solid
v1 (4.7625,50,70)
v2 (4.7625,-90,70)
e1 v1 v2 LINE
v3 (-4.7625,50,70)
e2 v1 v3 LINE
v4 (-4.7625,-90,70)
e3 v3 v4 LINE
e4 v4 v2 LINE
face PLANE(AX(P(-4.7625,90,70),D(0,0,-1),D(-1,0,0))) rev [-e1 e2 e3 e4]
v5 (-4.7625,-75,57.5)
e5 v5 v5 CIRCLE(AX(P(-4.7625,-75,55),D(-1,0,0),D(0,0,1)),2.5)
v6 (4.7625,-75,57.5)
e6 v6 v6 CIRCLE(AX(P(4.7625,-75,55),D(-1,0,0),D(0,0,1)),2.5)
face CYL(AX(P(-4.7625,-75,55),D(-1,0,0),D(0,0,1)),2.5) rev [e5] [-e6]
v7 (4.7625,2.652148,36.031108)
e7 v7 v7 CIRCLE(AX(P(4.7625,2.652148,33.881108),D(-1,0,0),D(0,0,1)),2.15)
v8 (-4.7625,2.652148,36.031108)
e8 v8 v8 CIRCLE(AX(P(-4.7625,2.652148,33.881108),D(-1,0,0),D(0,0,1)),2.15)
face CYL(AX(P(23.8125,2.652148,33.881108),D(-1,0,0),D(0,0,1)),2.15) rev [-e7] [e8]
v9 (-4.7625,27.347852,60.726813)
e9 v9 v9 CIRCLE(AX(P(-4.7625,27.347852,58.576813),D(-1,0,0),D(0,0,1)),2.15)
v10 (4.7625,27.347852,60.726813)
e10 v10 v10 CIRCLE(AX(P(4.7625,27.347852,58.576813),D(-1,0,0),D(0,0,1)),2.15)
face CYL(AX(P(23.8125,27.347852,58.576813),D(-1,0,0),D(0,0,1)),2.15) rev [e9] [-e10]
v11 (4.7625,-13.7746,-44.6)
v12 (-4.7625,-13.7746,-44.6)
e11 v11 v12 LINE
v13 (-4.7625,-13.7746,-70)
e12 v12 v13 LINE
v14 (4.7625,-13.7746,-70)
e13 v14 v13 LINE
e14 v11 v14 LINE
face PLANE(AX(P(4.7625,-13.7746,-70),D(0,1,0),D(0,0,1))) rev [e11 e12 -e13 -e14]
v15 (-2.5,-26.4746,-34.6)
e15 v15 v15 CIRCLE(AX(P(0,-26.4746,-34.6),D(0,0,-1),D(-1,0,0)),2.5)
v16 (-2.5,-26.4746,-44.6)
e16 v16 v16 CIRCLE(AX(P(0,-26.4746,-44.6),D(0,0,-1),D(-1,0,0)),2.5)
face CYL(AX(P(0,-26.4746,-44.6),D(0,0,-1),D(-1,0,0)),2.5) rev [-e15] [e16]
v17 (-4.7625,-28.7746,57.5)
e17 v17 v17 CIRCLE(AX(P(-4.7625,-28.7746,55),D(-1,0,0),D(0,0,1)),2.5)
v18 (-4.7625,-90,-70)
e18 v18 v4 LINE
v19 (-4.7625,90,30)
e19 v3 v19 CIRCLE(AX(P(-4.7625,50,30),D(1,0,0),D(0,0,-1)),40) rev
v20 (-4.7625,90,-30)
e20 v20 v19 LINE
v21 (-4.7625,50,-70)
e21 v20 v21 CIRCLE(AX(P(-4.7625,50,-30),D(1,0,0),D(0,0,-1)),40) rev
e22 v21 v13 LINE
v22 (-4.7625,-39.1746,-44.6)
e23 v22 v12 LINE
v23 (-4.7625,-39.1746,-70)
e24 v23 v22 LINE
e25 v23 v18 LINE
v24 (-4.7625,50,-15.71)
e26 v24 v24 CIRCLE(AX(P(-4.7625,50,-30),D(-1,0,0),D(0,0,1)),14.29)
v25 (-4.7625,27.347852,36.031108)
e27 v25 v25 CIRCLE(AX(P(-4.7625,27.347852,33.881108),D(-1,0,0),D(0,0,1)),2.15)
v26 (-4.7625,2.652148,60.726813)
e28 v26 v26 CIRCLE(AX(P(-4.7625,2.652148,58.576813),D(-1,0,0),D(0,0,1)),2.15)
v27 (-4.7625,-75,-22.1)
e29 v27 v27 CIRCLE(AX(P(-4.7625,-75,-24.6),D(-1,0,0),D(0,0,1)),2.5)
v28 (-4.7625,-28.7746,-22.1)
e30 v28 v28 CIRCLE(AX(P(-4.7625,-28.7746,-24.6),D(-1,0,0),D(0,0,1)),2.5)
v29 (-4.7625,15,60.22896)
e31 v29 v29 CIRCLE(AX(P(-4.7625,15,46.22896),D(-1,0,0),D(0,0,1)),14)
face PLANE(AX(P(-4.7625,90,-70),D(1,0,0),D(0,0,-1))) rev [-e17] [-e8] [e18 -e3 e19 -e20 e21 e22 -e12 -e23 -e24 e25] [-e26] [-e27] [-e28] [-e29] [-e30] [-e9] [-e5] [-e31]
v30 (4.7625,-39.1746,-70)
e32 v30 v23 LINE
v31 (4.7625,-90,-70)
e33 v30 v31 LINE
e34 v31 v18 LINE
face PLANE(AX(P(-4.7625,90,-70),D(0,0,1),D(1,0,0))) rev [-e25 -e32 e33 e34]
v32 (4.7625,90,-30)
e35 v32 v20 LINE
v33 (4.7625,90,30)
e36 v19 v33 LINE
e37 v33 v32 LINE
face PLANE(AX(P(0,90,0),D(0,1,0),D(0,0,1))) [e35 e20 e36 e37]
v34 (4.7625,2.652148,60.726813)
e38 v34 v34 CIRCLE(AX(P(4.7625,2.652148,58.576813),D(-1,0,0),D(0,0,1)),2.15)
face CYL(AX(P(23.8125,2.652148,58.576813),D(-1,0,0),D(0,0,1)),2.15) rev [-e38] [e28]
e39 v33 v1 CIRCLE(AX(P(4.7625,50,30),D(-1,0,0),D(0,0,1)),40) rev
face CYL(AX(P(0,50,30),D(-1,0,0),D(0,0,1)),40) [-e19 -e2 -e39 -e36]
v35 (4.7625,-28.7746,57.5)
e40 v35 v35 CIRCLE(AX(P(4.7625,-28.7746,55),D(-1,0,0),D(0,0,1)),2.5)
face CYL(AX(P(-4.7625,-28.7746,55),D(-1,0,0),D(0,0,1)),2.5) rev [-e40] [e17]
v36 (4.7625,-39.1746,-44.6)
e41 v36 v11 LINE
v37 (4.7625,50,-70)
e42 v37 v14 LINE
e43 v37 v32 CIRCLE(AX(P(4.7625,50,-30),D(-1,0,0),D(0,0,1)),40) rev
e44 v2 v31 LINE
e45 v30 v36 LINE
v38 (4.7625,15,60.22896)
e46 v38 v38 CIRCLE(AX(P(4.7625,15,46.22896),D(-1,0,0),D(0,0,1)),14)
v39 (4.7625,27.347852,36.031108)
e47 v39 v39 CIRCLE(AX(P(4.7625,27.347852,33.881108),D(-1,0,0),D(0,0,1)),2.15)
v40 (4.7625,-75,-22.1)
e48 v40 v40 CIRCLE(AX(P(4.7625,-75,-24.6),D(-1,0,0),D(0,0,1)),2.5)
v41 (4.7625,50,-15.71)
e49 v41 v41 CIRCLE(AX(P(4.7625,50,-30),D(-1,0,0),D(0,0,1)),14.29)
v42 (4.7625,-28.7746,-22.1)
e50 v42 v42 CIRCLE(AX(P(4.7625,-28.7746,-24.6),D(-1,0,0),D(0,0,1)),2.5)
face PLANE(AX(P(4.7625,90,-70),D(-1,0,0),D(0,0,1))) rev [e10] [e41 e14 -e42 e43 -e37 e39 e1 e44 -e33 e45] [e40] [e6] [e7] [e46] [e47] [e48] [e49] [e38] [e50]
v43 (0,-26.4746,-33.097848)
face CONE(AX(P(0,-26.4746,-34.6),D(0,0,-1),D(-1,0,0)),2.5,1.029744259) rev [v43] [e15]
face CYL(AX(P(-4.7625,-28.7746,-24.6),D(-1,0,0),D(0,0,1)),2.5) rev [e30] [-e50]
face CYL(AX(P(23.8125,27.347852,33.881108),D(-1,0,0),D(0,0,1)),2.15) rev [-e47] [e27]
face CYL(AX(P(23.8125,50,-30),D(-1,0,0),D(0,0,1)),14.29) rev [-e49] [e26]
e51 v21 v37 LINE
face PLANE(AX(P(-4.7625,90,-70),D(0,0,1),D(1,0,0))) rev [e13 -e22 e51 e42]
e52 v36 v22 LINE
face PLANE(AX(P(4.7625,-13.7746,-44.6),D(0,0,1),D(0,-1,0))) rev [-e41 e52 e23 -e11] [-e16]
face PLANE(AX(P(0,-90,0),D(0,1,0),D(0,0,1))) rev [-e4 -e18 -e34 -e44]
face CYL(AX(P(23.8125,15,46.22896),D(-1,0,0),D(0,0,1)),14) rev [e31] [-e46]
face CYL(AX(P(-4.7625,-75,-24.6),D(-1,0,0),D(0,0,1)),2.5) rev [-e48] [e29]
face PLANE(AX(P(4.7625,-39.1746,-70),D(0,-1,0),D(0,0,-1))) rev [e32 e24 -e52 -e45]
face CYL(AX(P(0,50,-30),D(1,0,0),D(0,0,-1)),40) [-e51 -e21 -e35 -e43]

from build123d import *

# Parameters (mm, degrees)
SKETCH1_W             = 9.525
SKETCH1_H             = 140
BOSS_EXTRUDE1_DEPTH   = 90
SKETCH3_R             = 14.29
SKETCH3_R_2           = 2.15
SKETCH3_R_3           = 14
CUT_EXTRUDE2_DEPTH    = 28.575
SKETCH5_W             = 25.4
SKETCH5_H             = 25.4
CUT_EXTRUDE4_DEPTH    = 10.525
M6_TAPPED_HOLE1_D     = 5
M6_TAPPED_HOLE1_DEPTH = 10
M6_TAPPED_HOLE1_TIP   = 1.502151548
M6_TAPPED_HOLE2_D     = 5
FILLET1_R             = 40


with BuildPart() as part:
    # Sketch1 → Boss-Extrude1 (new body, symmetric)
    with BuildSketch(Plane(origin=(0, 0, 0), x_dir=(1, 0, 0), z_dir=(0, 1, 0))):
        Rectangle(SKETCH1_W, SKETCH1_H)
    extrude(amount=BOSS_EXTRUDE1_DEPTH, both=True)

    # Sketch3 → Cut-Extrude2 (cut)
    with BuildSketch(Plane.ZY.offset(4.7625)):
        with Locations((-30, 50)):
            Circle(SKETCH3_R)
        with Locations((33.881108209, 27.347852166)):
            Circle(SKETCH3_R_2)
        with Locations((58.576812542, 27.347852166)):
            Circle(SKETCH3_R_2)
        with Locations((33.881108209, 2.652147834)):
            Circle(SKETCH3_R_2)
        with Locations((58.576812542, 2.652147834)):
            Circle(SKETCH3_R_2)
        with Locations((46.228960376, 15)):
            Circle(SKETCH3_R_3)
    extrude(amount=-CUT_EXTRUDE2_DEPTH, mode=Mode.SUBTRACT)

    # Sketch5 → Cut-Extrude4 (cut, through all)
    with BuildSketch(Plane.ZY.offset(4.7625)):
        with Locations((-57.3, -26.4746)):
            Rectangle(SKETCH5_W, SKETCH5_H)
    extrude(amount=-CUT_EXTRUDE4_DEPTH, mode=Mode.SUBTRACT)

    # M6 Tapped Hole1
    with Locations(Plane(origin=(0, 0, -44.6), x_dir=(-1, 0, 0), z_dir=(0, 0, -1))):
        with Locations((0, -26.4746)):
            Hole(M6_TAPPED_HOLE1_D / 2, depth=M6_TAPPED_HOLE1_DEPTH)
            with Locations((0, 0, -(M6_TAPPED_HOLE1_DEPTH + M6_TAPPED_HOLE1_TIP / 2))):  # 118° drill point
                Cone(0, M6_TAPPED_HOLE1_D / 2, M6_TAPPED_HOLE1_TIP, mode=Mode.SUBTRACT)

    # M6 Tapped Hole2 (through all)
    with Locations(Plane.ZY.offset(4.7625)):
        with Locations((-24.6, -28.7746), (55, -28.7746), (-24.6, -75), (55, -75)):
            Hole(M6_TAPPED_HOLE2_D / 2)

    # Fillet1
    fillet1_edges = [part.edges().sort_by_distance(p)[0] for p in [
        (0, 90, 70),
        (0, 90, -70),
    ]]
    fillet(fillet1_edges, radius=FILLET1_R)


solid = part.part
